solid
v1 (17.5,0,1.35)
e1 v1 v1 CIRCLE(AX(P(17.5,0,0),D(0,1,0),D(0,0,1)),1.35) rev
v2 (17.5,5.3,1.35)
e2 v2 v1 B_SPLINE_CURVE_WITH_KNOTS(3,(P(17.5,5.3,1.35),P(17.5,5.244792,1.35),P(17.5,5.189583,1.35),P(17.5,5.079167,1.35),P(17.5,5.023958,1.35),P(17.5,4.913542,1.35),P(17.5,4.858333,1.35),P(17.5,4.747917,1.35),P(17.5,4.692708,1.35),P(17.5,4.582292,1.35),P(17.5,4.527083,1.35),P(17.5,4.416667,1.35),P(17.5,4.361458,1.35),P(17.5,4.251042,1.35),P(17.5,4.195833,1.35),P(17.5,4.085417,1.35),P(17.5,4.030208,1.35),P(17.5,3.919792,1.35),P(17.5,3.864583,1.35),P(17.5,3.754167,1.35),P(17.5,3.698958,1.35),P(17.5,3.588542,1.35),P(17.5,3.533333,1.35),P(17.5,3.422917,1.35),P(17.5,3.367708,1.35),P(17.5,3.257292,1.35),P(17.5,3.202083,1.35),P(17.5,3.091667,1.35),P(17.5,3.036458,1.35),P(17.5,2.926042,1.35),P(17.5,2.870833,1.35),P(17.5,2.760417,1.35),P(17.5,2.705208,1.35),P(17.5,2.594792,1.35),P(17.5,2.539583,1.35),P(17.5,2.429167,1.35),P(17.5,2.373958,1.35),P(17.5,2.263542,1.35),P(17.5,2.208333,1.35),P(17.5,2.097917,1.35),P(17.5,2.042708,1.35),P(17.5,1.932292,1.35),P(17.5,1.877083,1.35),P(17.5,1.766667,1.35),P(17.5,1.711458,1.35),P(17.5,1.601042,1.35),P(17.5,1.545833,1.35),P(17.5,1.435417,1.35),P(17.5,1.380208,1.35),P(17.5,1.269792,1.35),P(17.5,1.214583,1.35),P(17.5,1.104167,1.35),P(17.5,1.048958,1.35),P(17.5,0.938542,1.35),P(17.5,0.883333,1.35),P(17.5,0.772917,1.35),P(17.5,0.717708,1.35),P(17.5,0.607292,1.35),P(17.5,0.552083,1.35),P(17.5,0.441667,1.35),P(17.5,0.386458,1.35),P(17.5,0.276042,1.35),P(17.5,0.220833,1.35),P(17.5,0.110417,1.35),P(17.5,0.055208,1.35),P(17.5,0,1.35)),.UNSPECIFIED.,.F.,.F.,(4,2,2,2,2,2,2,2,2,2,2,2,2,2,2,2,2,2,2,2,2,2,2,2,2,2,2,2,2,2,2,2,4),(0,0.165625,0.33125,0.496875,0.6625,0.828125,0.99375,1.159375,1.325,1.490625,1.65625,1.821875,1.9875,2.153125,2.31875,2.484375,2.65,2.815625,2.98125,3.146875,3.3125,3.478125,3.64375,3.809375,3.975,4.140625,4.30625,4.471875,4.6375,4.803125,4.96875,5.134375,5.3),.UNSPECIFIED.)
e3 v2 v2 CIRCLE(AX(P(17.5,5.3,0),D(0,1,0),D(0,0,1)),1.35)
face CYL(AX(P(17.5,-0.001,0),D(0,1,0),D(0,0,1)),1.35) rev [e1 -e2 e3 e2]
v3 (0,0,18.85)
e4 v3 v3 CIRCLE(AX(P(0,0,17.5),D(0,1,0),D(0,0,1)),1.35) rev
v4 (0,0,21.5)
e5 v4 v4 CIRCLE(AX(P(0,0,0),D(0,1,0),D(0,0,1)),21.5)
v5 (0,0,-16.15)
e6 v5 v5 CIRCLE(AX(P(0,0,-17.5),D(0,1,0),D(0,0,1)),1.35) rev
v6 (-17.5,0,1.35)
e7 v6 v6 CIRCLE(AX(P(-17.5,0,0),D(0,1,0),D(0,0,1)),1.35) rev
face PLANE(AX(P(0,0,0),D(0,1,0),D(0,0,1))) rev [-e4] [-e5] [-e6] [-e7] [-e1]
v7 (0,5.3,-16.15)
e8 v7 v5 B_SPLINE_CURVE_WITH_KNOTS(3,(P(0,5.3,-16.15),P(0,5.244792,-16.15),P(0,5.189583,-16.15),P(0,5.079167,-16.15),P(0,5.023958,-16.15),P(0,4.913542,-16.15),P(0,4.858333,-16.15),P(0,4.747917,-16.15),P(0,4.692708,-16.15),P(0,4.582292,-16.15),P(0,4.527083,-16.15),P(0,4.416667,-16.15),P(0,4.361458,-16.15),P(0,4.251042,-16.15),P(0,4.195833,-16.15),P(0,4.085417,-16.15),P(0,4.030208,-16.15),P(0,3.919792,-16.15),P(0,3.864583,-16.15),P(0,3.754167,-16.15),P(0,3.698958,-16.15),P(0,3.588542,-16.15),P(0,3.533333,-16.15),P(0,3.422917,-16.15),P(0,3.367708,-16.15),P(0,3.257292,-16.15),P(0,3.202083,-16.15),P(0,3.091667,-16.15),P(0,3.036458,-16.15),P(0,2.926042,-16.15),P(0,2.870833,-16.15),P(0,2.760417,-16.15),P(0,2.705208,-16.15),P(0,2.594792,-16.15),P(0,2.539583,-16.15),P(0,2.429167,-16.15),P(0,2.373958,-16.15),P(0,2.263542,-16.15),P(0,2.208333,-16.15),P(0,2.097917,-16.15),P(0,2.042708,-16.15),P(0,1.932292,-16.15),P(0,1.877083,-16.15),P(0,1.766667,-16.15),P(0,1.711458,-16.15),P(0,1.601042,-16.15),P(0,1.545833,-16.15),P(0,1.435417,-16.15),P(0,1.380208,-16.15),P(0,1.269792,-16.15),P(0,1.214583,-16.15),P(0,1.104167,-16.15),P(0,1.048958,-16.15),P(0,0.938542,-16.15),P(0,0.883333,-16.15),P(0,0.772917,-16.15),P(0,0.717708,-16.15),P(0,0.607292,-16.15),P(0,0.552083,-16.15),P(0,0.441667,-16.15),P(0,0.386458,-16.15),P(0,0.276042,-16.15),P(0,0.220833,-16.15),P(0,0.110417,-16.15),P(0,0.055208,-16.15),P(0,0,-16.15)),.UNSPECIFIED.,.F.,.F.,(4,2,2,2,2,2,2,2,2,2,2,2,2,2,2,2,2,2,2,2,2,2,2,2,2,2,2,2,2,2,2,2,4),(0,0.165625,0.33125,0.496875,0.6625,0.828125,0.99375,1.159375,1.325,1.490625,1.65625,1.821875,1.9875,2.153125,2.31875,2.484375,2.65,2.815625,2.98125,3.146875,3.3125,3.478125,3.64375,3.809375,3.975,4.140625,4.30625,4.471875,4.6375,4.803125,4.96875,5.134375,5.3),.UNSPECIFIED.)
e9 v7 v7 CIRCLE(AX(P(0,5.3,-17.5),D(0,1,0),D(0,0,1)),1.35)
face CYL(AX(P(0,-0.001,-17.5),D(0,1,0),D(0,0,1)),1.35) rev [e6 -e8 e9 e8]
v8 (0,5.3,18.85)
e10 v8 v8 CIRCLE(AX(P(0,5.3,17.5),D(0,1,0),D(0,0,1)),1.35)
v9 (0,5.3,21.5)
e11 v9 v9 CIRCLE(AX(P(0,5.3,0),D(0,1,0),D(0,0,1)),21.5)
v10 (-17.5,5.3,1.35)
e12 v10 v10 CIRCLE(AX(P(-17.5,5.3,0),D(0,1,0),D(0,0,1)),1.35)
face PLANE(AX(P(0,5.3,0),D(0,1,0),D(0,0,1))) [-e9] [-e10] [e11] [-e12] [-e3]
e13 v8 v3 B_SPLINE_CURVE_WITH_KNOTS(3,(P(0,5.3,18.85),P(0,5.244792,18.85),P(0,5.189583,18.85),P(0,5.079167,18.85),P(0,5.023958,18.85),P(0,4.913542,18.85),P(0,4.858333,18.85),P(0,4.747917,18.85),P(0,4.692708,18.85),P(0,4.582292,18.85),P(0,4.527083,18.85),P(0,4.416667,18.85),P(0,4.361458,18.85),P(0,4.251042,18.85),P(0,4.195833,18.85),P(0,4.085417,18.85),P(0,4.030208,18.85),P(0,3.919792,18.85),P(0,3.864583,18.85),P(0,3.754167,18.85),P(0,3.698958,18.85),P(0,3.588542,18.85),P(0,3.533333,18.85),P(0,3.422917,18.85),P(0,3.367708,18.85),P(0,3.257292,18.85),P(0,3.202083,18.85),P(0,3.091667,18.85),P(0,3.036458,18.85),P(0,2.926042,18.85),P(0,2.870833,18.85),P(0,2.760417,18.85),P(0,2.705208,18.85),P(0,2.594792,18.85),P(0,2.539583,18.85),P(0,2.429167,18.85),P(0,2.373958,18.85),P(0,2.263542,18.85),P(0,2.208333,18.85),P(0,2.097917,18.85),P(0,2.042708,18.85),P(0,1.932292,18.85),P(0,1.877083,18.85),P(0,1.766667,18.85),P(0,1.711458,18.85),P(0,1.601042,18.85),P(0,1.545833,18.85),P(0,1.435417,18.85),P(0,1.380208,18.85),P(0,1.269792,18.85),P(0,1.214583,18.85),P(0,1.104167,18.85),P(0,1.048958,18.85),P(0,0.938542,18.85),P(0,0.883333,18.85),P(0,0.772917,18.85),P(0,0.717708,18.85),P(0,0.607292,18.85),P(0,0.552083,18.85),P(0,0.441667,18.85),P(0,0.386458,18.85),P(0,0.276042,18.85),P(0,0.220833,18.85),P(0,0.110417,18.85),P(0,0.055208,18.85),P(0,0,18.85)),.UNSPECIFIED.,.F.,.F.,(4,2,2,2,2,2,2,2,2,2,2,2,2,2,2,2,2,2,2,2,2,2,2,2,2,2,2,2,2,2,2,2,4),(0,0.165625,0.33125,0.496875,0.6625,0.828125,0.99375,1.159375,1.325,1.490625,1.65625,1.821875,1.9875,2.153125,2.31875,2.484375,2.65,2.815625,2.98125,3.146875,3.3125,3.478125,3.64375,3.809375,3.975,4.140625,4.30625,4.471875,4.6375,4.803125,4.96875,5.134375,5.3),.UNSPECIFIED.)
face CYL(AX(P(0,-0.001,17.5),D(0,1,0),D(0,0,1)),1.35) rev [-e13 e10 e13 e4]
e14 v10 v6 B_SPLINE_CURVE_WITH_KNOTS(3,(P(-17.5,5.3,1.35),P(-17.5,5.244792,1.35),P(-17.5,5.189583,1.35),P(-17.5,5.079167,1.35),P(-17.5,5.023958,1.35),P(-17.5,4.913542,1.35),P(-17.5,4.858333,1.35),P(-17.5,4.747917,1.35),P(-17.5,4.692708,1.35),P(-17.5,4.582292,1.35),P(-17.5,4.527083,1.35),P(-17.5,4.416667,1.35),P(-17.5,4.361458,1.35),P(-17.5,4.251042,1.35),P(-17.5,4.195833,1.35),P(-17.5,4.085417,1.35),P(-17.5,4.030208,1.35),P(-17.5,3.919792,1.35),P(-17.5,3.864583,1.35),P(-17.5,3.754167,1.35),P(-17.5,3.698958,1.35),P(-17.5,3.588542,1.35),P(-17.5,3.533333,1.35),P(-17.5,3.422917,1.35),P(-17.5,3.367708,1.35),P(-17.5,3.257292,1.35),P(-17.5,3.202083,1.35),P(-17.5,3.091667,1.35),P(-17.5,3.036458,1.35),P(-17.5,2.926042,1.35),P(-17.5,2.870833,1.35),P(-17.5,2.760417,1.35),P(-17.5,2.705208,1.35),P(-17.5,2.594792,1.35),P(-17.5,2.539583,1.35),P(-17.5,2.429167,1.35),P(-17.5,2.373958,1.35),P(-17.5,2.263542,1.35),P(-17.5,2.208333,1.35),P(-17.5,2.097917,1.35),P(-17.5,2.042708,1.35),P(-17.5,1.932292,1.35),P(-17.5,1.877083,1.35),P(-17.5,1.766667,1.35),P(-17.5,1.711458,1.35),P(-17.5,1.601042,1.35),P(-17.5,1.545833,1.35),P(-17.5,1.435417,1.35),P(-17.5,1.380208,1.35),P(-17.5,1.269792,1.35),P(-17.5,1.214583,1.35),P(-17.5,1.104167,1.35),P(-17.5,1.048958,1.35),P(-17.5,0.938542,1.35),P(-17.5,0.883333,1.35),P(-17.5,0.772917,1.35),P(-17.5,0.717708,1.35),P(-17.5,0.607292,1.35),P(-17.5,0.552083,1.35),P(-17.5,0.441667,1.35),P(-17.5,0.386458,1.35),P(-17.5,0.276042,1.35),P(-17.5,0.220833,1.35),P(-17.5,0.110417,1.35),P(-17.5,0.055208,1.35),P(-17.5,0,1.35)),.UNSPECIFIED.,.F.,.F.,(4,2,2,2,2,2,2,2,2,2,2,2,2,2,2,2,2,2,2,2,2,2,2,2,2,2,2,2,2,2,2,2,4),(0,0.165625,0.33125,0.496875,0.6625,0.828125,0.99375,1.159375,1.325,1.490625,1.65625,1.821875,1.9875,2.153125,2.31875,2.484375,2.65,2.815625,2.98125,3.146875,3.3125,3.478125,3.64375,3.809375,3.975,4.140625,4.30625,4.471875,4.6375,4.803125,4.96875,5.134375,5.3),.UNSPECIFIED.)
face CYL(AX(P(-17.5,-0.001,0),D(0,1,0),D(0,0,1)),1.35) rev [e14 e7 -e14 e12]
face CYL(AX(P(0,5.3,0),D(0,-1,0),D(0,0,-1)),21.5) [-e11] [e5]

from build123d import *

# Parameters (mm, degrees)
SKETCH_1_R          = 21.5
EXTRUDE_1_DEPTH     = 5.3
CUT_EXTRUDE_1_REACH = 32.864
SKETCH_2_R          = 1.35


with BuildPart() as part:
    # 草图1 → 凸台-拉伸1 (new body)
    with BuildSketch(Plane(origin=(0, 0, 0), x_dir=(1, 0, 0), z_dir=(0, 1, 0))):
        with Locations(Location((0, 0, 0), (0, 0, 270))):
            Circle(SKETCH_1_R)
    extrude(amount=EXTRUDE_1_DEPTH)

    # 草图2 → 切除-拉伸1 (cut, up to next)
    with BuildSketch(Plane(origin=(0, 5.3, 0), x_dir=(1, 0, 0), z_dir=(0, 1, 0)), mode=Mode.PRIVATE) as cut_extrude_1_sk1:
        with Locations(Location((-17.5, 0, 0), (0, 0, 270))):
            Circle(SKETCH_2_R)
    cut_extrude_1_tool1 = extrude(cut_extrude_1_sk1.sketch, amount=-CUT_EXTRUDE_1_REACH, mode=Mode.PRIVATE) & part.part
    # 草图2 → 切除-拉伸1 (cut, up to next)
    with BuildSketch(Plane(origin=(0, 5.3, 0), x_dir=(1, 0, 0), z_dir=(0, 1, 0)), mode=Mode.PRIVATE) as cut_extrude_1_sk2:
        with Locations(Location((0, 17.5, 0), (0, 0, 270))):
            Circle(SKETCH_2_R)
    cut_extrude_1_tool2 = extrude(cut_extrude_1_sk2.sketch, amount=-CUT_EXTRUDE_1_REACH, mode=Mode.PRIVATE) & part.part
    # 草图2 → 切除-拉伸1 (cut, up to next)
    with BuildSketch(Plane(origin=(0, 5.3, 0), x_dir=(1, 0, 0), z_dir=(0, 1, 0)), mode=Mode.PRIVATE) as cut_extrude_1_sk3:
        with Locations(Location((17.5, 0, 0), (0, 0, 270))):
            Circle(SKETCH_2_R)
    cut_extrude_1_tool3 = extrude(cut_extrude_1_sk3.sketch, amount=-CUT_EXTRUDE_1_REACH, mode=Mode.PRIVATE) & part.part
    # 草图2 → 切除-拉伸1 (cut, up to next)
    with BuildSketch(Plane(origin=(0, 5.3, 0), x_dir=(1, 0, 0), z_dir=(0, 1, 0)), mode=Mode.PRIVATE) as cut_extrude_1_sk4:
        with Locations(Location((0, -17.5, 0), (0, 0, 270))):
            Circle(SKETCH_2_R)
    cut_extrude_1_tool4 = extrude(cut_extrude_1_sk4.sketch, amount=-CUT_EXTRUDE_1_REACH, mode=Mode.PRIVATE) & part.part
    add(cut_extrude_1_tool1.solids().sort_by_distance((-17.5, 5.3, 0))[0], mode=Mode.SUBTRACT)
    add(cut_extrude_1_tool2.solids().sort_by_distance((0, 5.3, -17.5))[0], mode=Mode.SUBTRACT)
    add(cut_extrude_1_tool3.solids().sort_by_distance((17.5, 5.3, 0))[0], mode=Mode.SUBTRACT)
    add(cut_extrude_1_tool4.solids().sort_by_distance((0, 5.3, 17.5))[0], mode=Mode.SUBTRACT)


solid = part.part
